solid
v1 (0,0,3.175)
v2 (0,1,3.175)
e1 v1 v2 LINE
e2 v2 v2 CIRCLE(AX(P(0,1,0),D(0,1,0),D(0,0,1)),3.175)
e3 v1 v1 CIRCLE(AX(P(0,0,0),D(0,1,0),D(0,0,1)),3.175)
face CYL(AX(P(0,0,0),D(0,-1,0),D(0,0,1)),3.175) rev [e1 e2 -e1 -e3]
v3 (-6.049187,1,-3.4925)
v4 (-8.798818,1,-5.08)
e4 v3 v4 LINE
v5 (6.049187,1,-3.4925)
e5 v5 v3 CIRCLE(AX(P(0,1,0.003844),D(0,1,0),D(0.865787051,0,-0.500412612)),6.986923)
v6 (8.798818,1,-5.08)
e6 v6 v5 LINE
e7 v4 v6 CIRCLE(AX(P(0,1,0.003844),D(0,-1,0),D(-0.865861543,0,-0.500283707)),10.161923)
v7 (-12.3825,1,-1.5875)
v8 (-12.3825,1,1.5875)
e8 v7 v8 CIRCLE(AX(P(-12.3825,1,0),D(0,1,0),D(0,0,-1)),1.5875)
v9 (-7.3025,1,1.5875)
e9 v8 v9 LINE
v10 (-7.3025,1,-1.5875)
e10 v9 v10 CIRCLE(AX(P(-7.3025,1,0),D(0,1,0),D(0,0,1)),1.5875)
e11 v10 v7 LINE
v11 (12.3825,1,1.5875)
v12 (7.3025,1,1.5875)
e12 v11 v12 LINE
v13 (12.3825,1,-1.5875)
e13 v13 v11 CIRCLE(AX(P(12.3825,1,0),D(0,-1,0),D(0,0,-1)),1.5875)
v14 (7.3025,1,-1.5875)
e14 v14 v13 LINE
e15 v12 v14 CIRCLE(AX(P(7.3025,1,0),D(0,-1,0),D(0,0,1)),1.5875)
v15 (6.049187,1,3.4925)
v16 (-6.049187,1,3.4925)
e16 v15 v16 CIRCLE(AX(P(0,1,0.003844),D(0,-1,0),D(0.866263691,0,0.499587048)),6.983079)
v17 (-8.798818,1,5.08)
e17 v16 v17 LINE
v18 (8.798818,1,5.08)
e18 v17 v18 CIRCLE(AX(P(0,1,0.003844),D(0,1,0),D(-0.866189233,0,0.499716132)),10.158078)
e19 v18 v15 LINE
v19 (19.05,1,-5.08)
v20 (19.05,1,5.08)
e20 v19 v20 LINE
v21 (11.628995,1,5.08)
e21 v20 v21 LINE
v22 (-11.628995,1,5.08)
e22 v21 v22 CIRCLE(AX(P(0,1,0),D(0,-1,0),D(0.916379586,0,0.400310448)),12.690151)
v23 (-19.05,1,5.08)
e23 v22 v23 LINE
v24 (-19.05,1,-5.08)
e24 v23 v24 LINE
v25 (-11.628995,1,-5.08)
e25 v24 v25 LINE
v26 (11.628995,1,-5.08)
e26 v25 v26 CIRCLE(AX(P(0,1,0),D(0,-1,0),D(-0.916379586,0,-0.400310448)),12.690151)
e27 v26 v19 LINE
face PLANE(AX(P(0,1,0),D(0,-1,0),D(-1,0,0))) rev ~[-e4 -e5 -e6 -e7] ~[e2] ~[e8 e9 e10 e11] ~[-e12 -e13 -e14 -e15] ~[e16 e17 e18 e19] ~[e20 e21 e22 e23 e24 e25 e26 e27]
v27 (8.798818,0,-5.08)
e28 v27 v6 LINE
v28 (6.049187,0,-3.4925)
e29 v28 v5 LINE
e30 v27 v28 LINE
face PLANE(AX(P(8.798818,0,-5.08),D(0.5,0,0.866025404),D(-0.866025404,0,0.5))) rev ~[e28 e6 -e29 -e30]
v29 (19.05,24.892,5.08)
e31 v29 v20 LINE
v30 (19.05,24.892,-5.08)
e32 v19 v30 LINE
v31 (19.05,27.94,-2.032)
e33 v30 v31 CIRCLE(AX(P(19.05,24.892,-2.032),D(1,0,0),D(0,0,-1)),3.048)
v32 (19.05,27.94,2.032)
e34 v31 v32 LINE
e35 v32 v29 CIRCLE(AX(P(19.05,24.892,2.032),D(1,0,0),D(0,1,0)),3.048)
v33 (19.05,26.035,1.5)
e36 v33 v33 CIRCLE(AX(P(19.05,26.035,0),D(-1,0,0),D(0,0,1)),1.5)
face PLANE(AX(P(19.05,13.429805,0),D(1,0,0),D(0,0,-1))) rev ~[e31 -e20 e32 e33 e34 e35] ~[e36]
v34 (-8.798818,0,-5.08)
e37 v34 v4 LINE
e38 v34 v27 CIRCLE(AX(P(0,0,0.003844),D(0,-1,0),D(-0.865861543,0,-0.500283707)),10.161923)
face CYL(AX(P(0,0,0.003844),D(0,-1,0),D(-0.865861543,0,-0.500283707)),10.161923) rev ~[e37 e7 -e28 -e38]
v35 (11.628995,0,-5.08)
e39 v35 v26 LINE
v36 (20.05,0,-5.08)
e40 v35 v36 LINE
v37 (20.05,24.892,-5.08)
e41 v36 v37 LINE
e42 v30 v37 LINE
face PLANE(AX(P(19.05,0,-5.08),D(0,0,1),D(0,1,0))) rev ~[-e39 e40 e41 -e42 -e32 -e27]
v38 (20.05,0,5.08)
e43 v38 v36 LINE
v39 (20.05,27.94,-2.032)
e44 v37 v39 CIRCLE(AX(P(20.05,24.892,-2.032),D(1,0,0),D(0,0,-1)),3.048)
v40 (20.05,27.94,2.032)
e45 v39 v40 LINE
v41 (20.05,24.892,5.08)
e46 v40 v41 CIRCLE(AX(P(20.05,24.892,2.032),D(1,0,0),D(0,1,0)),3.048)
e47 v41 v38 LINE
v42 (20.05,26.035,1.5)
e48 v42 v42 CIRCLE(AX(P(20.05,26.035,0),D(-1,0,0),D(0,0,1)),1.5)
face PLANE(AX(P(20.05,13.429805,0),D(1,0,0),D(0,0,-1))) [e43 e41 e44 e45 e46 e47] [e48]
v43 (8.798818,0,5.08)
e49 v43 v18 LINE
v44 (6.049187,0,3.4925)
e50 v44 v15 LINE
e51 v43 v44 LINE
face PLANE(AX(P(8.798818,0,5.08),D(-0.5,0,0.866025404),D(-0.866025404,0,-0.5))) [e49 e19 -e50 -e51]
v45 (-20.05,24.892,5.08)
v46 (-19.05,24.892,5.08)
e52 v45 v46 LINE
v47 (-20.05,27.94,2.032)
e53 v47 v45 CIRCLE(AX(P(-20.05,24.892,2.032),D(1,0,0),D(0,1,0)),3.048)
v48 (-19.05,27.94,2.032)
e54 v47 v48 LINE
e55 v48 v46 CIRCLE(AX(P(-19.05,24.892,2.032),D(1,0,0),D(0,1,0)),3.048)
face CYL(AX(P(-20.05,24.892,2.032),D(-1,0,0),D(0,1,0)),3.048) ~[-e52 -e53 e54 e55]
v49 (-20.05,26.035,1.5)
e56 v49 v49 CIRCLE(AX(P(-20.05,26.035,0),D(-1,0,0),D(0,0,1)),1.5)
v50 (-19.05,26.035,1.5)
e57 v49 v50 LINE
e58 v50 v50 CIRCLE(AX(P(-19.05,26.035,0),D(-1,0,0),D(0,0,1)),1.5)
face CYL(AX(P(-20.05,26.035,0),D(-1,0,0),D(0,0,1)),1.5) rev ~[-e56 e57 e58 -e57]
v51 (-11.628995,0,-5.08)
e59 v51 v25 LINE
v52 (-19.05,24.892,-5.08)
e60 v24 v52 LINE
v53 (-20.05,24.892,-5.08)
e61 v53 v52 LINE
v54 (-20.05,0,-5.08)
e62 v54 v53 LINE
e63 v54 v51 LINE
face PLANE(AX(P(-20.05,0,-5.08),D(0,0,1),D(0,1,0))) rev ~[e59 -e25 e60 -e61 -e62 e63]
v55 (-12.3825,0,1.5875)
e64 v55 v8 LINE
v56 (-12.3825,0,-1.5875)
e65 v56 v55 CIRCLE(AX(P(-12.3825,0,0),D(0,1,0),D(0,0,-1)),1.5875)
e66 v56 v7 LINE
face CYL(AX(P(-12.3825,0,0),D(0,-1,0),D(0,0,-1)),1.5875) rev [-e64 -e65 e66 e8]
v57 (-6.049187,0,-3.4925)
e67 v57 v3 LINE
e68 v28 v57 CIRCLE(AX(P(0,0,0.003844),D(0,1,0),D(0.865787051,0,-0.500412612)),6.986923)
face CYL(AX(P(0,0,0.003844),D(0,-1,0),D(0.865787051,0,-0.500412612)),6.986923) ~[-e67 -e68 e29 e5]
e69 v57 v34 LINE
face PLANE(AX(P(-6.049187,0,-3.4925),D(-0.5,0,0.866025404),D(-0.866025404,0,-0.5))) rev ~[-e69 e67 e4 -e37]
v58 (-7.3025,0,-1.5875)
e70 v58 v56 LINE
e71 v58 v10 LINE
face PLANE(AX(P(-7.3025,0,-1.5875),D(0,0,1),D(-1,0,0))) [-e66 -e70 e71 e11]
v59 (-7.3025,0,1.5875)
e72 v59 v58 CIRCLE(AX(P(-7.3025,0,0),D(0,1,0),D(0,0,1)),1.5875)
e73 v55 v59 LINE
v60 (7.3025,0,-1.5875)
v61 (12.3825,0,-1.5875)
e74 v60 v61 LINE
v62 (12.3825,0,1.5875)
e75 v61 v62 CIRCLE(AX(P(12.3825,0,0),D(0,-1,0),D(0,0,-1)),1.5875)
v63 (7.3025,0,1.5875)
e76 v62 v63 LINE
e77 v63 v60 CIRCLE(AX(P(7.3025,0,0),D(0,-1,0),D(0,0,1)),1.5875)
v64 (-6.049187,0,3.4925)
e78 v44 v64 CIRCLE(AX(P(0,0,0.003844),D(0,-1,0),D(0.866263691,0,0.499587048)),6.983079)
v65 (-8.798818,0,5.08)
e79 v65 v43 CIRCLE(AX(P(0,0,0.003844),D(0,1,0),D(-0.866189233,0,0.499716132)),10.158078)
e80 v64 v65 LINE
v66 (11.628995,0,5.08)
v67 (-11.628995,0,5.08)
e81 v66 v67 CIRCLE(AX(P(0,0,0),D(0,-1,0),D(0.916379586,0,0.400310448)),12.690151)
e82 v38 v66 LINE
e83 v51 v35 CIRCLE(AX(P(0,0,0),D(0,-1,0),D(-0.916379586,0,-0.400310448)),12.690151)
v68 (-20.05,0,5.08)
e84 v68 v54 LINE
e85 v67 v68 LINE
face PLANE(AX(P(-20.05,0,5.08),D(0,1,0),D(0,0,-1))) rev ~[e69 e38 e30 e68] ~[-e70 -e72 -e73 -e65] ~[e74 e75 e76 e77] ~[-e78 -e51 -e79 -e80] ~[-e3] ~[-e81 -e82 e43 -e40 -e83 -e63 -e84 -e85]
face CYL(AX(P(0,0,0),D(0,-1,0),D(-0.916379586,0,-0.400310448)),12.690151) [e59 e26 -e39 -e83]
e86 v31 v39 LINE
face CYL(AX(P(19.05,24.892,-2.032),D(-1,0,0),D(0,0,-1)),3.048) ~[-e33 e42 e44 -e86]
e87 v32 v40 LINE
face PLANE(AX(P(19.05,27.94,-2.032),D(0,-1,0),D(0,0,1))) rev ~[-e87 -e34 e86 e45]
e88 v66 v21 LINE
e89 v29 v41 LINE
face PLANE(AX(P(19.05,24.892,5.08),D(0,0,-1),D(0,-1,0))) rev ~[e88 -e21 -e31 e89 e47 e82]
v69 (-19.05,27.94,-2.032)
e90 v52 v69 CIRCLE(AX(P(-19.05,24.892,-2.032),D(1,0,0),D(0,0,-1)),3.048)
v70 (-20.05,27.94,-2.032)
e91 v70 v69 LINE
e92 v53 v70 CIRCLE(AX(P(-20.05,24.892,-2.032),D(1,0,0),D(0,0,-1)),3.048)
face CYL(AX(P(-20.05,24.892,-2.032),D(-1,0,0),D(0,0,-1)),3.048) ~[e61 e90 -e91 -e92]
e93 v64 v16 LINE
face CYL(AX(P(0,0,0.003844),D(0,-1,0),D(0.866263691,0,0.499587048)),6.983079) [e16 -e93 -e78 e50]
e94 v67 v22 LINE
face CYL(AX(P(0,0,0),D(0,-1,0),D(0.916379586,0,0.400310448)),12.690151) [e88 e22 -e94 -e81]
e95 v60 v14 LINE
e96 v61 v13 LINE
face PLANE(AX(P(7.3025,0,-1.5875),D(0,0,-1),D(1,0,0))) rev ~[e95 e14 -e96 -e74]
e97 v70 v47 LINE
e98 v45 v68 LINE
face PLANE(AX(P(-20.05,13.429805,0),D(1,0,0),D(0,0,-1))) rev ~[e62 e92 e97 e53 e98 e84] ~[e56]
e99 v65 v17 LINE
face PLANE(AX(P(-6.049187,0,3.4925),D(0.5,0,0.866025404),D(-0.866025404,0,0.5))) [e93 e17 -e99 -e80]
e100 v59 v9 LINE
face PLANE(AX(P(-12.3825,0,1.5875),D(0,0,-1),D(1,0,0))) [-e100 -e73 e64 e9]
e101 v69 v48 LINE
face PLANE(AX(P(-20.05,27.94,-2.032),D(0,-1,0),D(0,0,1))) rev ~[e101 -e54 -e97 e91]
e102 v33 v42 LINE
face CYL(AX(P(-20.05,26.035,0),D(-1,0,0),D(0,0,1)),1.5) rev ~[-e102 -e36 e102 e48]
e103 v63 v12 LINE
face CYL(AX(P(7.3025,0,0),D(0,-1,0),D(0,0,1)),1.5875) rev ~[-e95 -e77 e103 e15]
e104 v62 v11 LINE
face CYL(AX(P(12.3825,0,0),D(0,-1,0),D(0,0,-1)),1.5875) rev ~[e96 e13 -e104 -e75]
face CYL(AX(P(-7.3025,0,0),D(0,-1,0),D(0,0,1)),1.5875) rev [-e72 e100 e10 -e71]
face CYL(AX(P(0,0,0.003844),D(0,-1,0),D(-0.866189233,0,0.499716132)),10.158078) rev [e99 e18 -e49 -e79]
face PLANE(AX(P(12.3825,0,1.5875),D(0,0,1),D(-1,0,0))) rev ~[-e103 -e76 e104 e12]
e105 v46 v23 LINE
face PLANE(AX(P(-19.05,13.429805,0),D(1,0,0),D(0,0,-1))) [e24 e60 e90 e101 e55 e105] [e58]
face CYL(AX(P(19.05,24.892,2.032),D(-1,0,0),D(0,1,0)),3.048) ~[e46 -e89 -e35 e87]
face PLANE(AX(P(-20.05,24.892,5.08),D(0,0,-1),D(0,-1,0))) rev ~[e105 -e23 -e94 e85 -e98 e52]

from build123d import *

# Parameters (mm, degrees)
SKETCH1_R           = 3.175
BOSS_EXTRUDE1_DEPTH = 1
BOSS_EXTRUDE2_DEPTH = 1
BOSS_EXTRUDE3_START = 1
BOSS_EXTRUDE3_DEPTH = 1
SKETCH4_R           = 1.5
CUT_EXTRUDE1_DEPTH  = 51.4944901


with BuildPart() as part:
    # Sketch1 → Boss-Extrude1 (new body)
    with BuildSketch(Plane(origin=(0, 0, 0), x_dir=(1, 0, 0), z_dir=(0, 1, 0))):
        with BuildLine():
            Line((11.628995247, 5.08), (19.05, 5.08))
            Line((19.05, 5.08), (19.05, -5.08))
            Line((19.05, -5.08), (11.628995247, -5.08))
            ThreePointArc((11.628995247, -5.08), (0, -12.690150923), (-11.628995247, -5.08))
            Line((-11.628995247, -5.08), (-19.05, -5.08))
            Line((-19.05, -5.08), (-19.05, 5.08))
            Line((-19.05, 5.08), (-11.628995247, 5.08))
            ThreePointArc((-11.628995247, 5.08), (0, 12.690150923), (11.628995247, 5.08))
        make_face()
        with Locations(Location((0, 0, 0), (0, 0, 270))):
            Circle(SKETCH1_R, mode=Mode.SUBTRACT)
        with BuildLine():
            Line((8.798818102, 5.08), (6.049187445, 3.4925))
            ThreePointArc((6.049187445, 3.4925), (0, 6.983078605), (-6.049187445, 3.4925))
            Line((-6.049187445, 3.4925), (-8.798818102, 5.08))
            ThreePointArc((-8.798818102, 5.08), (0, 10.158078357), (8.798818102, 5.08))
        make_face(mode=Mode.SUBTRACT)
        with BuildLine():
            Line((8.798818102, -5.08), (6.049187445, -3.4925))
            ThreePointArc((6.049187445, -3.4925), (0, -6.986922982), (-6.049187445, -3.4925))
            Line((-6.049187445, -3.4925), (-8.798818102, -5.08))
            ThreePointArc((-8.798818102, -5.08), (0, -10.161922734), (8.798818102, -5.08))
        make_face(mode=Mode.SUBTRACT)
        with BuildLine():
            Line((12.3825, -1.5875), (7.3025, -1.5875))
            ThreePointArc((7.3025, -1.5875), (5.715, 0), (7.3025, 1.5875))
            Line((7.3025, 1.5875), (12.3825, 1.5875))
            ThreePointArc((12.3825, 1.5875), (13.97, 0), (12.3825, -1.5875))
        make_face(mode=Mode.SUBTRACT)
        with BuildLine():
            Line((-7.3025, 1.5875), (-12.3825, 1.5875))
            ThreePointArc((-12.3825, 1.5875), (-13.97, 0), (-12.3825, -1.5875))
            Line((-12.3825, -1.5875), (-7.3025, -1.5875))
            ThreePointArc((-7.3025, -1.5875), (-5.715, 0), (-7.3025, 1.5875))
        make_face(mode=Mode.SUBTRACT)
    extrude(amount=BOSS_EXTRUDE1_DEPTH)

    # Sketch2 → Boss-Extrude2 (add)
    with BuildSketch(Plane(origin=(19.05, 0, -13.97), x_dir=(0, 0, -1), z_dir=(1, 0, 0))):
        with BuildLine():
            Line((-19.05, 0), (-8.89, 0))
            Line((-8.89, 0), (-8.89, 24.892))
            ThreePointArc((-8.89, 24.892), (-9.782738531, 27.047261469), (-11.938, 27.94))
            Line((-11.938, 27.94), (-16.002, 27.94))
            ThreePointArc((-16.002, 27.94), (-18.157261469, 27.047261469), (-19.05, 24.892))
            Line((-19.05, 24.892), (-19.05, 0))
        make_face()
    extrude(amount=BOSS_EXTRUDE2_DEPTH)

    # Sketch3 → Boss-Extrude3 (add)
    with BuildSketch(Plane(origin=(-19.05, 0, 13.97), x_dir=(0, 0, 1), z_dir=(-1, 0, 0)).offset(BOSS_EXTRUDE3_START)):
        with BuildLine():
            Line((-8.89, 0), (-19.05, 0))
            Line((-19.05, 0), (-19.05, 24.892))
            ThreePointArc((-19.05, 24.892), (-18.157261469, 27.047261469), (-16.002, 27.94))
            Line((-16.002, 27.94), (-11.938, 27.94))
            ThreePointArc((-11.938, 27.94), (-9.782738531, 27.047261469), (-8.89, 24.892))
            Line((-8.89, 24.892), (-8.89, 0))
        make_face()
    extrude(amount=-BOSS_EXTRUDE3_DEPTH)

    # Sketch4 → Cut-Extrude1 (cut, through all)
    with BuildSketch(Plane.ZY.offset(20.05)):
        with Locations((0, 26.035)):
            Circle(SKETCH4_R)
    extrude(amount=-CUT_EXTRUDE1_DEPTH, mode=Mode.SUBTRACT)


solid = part.part
